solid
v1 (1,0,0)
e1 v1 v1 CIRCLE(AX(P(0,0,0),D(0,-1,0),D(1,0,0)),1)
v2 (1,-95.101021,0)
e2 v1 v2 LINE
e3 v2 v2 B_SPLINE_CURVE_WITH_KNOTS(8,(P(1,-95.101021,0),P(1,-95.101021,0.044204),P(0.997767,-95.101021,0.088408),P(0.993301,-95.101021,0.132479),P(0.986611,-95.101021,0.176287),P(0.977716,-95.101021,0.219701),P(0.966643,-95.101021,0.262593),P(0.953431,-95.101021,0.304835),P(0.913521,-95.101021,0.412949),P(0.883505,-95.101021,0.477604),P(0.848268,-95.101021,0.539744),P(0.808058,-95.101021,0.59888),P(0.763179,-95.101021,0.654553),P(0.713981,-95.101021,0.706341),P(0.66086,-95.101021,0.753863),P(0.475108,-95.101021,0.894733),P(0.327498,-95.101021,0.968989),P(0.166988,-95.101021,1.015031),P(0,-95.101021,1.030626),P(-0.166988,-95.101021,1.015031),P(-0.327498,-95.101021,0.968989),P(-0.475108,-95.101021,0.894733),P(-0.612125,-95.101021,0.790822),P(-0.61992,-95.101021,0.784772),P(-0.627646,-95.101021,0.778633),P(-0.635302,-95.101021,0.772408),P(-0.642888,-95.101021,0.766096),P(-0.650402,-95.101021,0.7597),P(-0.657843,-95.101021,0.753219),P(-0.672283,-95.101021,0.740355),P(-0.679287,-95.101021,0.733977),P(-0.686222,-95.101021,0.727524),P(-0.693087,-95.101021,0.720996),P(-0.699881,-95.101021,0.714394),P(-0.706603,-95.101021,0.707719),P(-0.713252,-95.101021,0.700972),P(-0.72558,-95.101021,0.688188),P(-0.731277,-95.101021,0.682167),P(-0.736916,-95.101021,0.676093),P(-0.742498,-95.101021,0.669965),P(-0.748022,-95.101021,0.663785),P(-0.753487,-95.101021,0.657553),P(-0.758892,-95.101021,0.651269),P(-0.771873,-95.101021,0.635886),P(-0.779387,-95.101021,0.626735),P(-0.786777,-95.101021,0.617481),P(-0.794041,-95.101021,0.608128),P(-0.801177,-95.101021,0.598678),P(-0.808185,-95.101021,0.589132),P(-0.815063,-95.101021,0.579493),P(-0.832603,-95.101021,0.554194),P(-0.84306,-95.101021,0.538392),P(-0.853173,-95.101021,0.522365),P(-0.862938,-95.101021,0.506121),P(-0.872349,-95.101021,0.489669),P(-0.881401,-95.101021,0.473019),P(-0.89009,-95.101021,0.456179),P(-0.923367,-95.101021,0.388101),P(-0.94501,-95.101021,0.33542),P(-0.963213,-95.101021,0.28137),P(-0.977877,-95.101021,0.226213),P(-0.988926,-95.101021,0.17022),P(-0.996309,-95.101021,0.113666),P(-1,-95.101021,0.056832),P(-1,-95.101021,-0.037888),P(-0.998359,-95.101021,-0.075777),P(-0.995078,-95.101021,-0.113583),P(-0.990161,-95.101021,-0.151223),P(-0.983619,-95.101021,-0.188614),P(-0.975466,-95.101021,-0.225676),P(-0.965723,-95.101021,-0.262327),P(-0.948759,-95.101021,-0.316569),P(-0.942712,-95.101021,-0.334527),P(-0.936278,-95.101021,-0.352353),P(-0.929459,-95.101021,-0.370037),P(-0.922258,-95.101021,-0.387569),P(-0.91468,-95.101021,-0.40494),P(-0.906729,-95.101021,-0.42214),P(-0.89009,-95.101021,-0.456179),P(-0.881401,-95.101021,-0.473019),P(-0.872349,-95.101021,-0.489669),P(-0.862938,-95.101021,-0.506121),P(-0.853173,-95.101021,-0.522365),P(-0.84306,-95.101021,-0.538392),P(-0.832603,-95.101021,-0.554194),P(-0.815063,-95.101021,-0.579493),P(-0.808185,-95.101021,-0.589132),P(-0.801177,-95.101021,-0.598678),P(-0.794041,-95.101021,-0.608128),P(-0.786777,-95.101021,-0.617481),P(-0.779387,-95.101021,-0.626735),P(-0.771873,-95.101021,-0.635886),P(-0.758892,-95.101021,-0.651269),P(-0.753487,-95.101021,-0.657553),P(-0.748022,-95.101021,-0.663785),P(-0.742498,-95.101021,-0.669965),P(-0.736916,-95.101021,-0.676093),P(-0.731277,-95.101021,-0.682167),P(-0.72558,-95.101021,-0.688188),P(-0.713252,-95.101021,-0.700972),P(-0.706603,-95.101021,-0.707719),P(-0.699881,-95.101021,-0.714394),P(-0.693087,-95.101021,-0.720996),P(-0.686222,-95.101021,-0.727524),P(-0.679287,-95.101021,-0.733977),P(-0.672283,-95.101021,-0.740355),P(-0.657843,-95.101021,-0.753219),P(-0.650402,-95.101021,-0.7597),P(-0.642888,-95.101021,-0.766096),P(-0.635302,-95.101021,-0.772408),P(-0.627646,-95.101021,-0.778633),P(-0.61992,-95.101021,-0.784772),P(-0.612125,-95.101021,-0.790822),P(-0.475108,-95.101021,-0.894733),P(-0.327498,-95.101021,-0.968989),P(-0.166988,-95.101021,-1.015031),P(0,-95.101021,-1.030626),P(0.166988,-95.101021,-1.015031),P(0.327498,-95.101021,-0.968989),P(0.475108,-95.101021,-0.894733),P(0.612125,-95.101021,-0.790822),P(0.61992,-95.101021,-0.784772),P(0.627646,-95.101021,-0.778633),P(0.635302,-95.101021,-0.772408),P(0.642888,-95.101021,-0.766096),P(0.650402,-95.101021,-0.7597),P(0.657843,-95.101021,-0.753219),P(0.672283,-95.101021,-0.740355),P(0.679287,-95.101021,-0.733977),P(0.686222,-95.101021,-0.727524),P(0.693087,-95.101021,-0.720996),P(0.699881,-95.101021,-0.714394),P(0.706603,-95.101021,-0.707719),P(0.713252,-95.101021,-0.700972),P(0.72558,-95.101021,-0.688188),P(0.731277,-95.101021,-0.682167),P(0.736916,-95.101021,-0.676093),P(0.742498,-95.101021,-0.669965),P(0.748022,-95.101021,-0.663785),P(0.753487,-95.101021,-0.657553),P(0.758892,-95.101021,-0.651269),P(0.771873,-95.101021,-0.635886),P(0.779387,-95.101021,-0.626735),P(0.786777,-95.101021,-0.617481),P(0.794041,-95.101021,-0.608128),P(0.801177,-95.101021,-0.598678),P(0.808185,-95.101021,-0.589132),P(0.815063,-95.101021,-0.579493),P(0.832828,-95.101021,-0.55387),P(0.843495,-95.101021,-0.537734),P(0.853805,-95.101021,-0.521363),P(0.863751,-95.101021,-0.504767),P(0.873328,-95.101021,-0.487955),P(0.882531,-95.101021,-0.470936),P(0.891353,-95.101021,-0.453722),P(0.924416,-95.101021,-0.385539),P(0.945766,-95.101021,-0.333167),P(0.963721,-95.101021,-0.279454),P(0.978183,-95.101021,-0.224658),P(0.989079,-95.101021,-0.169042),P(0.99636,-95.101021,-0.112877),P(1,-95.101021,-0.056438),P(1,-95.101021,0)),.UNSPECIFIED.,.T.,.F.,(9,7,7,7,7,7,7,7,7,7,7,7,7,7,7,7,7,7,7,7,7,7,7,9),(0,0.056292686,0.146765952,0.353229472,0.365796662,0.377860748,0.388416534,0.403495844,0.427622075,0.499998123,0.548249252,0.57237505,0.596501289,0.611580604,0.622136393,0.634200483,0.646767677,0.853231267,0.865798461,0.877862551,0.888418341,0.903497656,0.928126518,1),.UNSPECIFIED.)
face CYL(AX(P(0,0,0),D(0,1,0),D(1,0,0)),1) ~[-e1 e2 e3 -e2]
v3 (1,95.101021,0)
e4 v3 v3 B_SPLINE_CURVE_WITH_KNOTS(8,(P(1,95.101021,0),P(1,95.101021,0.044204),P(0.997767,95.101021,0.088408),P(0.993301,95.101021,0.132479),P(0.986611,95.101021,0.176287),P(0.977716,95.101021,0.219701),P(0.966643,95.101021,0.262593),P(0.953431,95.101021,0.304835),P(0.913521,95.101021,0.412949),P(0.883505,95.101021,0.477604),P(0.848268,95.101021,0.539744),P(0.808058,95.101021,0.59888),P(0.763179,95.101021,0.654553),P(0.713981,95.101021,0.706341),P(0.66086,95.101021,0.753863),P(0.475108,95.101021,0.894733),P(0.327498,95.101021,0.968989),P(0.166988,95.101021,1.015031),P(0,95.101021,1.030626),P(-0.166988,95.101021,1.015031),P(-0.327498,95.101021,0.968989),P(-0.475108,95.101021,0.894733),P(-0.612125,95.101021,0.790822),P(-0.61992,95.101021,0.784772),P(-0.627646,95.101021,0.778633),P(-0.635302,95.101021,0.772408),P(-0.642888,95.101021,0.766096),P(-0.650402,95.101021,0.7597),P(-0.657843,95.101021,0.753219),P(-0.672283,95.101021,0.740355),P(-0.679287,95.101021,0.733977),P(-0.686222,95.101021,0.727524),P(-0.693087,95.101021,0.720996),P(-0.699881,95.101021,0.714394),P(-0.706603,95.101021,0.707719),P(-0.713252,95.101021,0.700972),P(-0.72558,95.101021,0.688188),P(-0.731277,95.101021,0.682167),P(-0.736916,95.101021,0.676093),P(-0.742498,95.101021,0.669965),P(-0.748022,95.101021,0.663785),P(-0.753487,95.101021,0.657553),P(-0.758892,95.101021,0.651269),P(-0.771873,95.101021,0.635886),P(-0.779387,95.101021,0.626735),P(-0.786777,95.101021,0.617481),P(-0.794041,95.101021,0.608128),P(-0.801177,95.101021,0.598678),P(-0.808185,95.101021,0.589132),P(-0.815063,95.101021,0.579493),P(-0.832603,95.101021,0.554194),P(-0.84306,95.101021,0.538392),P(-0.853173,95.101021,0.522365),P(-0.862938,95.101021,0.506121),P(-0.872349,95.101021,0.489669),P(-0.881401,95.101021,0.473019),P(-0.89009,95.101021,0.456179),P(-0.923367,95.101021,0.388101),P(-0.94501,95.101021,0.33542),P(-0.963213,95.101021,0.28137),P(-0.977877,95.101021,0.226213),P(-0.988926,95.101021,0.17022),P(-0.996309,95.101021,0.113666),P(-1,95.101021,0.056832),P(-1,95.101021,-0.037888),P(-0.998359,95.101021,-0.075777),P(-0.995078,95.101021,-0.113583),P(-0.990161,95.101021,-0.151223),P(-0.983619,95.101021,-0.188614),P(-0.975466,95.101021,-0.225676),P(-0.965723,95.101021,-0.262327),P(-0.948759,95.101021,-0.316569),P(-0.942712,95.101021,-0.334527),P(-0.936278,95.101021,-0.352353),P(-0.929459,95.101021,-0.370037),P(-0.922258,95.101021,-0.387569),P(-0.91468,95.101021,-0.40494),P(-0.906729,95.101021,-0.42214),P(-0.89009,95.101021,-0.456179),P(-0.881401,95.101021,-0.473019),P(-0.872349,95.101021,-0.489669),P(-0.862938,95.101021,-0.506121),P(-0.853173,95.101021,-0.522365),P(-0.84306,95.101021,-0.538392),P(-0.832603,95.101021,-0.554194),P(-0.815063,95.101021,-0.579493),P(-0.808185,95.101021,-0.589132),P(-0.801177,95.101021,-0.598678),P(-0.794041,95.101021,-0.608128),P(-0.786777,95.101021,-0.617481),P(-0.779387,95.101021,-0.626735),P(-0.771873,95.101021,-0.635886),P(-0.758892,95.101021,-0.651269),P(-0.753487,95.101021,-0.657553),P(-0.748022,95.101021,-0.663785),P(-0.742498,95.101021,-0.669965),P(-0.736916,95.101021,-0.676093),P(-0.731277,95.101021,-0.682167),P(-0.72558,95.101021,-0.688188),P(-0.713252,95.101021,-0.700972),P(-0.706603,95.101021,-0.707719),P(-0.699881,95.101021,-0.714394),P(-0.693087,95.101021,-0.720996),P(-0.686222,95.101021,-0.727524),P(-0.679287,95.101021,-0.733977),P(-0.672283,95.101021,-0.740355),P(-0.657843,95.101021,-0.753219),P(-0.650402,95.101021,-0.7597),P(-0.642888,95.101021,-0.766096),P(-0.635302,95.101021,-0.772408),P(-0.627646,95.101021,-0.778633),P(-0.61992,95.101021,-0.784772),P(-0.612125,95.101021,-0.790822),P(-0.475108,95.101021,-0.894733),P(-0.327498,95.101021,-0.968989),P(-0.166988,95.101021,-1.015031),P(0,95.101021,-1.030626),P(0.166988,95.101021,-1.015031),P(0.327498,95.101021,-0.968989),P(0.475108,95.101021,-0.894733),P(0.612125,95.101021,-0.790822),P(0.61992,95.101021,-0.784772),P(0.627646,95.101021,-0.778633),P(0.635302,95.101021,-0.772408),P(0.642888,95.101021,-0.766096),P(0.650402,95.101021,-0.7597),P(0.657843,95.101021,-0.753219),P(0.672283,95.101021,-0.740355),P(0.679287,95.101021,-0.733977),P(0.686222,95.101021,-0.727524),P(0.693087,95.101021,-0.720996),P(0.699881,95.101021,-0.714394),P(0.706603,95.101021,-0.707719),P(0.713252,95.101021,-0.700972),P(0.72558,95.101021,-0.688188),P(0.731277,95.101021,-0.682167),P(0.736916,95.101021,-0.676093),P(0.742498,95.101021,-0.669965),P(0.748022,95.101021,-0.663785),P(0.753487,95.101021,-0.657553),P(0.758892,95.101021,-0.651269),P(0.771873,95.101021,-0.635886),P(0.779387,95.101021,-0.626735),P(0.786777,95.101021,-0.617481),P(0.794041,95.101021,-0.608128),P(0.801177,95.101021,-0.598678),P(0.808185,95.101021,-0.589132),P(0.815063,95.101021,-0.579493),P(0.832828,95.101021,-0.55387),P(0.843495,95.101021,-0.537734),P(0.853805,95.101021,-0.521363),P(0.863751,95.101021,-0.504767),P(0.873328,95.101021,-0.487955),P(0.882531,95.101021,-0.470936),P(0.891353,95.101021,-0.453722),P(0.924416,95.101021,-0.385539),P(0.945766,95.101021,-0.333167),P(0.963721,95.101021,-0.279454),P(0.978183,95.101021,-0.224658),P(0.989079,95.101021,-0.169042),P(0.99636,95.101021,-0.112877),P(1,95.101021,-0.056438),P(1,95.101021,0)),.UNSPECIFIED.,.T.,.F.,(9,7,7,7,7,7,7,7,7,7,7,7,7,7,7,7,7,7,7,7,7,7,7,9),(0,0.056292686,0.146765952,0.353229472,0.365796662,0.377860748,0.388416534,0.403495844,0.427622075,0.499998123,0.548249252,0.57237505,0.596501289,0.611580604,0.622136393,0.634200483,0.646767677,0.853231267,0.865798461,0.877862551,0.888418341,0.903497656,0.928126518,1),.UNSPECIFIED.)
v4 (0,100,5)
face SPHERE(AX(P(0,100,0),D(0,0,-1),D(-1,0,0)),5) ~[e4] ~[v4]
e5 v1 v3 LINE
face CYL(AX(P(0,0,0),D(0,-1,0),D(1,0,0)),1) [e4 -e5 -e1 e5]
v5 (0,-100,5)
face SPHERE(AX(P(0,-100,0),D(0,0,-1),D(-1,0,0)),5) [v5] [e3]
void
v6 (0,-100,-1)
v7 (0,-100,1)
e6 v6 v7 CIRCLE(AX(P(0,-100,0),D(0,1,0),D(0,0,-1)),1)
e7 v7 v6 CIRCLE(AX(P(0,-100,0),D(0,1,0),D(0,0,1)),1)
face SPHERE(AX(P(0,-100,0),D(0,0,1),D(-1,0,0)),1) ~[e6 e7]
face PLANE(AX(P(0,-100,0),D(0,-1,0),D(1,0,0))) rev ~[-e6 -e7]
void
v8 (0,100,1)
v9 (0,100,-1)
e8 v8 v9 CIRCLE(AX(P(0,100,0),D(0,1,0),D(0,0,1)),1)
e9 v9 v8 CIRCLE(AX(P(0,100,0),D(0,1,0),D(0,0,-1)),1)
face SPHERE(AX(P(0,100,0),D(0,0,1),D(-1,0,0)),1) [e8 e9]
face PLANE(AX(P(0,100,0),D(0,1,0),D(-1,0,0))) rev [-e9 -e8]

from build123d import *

# Parameters (mm, degrees)
F0_R     = 1
F1_DEPTH = 100


with BuildPart() as f1:
    # F0 (on Front) → F1 (new body)
    with BuildSketch(Plane.XZ):
        Circle(F0_R)
    extrude(amount=F1_DEPTH)

    # F2 (on face) → F3 (revolve)
    with BuildSketch(Plane.XZ.offset(100)):
        with BuildLine():
            Line((0, 1), (0, 5))
            ThreePointArc((0, 5), (-5, 0), (0, -5))
            Line((0, -5), (0, -1))
            ThreePointArc((0, -1), (-1, 0), (0, 1))
        make_face()
    revolve(axis=Axis((0, -100, 0), (0, 0, -1)))

    # F4: F1 across plane


with BuildPart() as f1_1:
    add(f1.part)
    add(f1.part.mirror(Plane.XZ))


solid = f1_1.part
